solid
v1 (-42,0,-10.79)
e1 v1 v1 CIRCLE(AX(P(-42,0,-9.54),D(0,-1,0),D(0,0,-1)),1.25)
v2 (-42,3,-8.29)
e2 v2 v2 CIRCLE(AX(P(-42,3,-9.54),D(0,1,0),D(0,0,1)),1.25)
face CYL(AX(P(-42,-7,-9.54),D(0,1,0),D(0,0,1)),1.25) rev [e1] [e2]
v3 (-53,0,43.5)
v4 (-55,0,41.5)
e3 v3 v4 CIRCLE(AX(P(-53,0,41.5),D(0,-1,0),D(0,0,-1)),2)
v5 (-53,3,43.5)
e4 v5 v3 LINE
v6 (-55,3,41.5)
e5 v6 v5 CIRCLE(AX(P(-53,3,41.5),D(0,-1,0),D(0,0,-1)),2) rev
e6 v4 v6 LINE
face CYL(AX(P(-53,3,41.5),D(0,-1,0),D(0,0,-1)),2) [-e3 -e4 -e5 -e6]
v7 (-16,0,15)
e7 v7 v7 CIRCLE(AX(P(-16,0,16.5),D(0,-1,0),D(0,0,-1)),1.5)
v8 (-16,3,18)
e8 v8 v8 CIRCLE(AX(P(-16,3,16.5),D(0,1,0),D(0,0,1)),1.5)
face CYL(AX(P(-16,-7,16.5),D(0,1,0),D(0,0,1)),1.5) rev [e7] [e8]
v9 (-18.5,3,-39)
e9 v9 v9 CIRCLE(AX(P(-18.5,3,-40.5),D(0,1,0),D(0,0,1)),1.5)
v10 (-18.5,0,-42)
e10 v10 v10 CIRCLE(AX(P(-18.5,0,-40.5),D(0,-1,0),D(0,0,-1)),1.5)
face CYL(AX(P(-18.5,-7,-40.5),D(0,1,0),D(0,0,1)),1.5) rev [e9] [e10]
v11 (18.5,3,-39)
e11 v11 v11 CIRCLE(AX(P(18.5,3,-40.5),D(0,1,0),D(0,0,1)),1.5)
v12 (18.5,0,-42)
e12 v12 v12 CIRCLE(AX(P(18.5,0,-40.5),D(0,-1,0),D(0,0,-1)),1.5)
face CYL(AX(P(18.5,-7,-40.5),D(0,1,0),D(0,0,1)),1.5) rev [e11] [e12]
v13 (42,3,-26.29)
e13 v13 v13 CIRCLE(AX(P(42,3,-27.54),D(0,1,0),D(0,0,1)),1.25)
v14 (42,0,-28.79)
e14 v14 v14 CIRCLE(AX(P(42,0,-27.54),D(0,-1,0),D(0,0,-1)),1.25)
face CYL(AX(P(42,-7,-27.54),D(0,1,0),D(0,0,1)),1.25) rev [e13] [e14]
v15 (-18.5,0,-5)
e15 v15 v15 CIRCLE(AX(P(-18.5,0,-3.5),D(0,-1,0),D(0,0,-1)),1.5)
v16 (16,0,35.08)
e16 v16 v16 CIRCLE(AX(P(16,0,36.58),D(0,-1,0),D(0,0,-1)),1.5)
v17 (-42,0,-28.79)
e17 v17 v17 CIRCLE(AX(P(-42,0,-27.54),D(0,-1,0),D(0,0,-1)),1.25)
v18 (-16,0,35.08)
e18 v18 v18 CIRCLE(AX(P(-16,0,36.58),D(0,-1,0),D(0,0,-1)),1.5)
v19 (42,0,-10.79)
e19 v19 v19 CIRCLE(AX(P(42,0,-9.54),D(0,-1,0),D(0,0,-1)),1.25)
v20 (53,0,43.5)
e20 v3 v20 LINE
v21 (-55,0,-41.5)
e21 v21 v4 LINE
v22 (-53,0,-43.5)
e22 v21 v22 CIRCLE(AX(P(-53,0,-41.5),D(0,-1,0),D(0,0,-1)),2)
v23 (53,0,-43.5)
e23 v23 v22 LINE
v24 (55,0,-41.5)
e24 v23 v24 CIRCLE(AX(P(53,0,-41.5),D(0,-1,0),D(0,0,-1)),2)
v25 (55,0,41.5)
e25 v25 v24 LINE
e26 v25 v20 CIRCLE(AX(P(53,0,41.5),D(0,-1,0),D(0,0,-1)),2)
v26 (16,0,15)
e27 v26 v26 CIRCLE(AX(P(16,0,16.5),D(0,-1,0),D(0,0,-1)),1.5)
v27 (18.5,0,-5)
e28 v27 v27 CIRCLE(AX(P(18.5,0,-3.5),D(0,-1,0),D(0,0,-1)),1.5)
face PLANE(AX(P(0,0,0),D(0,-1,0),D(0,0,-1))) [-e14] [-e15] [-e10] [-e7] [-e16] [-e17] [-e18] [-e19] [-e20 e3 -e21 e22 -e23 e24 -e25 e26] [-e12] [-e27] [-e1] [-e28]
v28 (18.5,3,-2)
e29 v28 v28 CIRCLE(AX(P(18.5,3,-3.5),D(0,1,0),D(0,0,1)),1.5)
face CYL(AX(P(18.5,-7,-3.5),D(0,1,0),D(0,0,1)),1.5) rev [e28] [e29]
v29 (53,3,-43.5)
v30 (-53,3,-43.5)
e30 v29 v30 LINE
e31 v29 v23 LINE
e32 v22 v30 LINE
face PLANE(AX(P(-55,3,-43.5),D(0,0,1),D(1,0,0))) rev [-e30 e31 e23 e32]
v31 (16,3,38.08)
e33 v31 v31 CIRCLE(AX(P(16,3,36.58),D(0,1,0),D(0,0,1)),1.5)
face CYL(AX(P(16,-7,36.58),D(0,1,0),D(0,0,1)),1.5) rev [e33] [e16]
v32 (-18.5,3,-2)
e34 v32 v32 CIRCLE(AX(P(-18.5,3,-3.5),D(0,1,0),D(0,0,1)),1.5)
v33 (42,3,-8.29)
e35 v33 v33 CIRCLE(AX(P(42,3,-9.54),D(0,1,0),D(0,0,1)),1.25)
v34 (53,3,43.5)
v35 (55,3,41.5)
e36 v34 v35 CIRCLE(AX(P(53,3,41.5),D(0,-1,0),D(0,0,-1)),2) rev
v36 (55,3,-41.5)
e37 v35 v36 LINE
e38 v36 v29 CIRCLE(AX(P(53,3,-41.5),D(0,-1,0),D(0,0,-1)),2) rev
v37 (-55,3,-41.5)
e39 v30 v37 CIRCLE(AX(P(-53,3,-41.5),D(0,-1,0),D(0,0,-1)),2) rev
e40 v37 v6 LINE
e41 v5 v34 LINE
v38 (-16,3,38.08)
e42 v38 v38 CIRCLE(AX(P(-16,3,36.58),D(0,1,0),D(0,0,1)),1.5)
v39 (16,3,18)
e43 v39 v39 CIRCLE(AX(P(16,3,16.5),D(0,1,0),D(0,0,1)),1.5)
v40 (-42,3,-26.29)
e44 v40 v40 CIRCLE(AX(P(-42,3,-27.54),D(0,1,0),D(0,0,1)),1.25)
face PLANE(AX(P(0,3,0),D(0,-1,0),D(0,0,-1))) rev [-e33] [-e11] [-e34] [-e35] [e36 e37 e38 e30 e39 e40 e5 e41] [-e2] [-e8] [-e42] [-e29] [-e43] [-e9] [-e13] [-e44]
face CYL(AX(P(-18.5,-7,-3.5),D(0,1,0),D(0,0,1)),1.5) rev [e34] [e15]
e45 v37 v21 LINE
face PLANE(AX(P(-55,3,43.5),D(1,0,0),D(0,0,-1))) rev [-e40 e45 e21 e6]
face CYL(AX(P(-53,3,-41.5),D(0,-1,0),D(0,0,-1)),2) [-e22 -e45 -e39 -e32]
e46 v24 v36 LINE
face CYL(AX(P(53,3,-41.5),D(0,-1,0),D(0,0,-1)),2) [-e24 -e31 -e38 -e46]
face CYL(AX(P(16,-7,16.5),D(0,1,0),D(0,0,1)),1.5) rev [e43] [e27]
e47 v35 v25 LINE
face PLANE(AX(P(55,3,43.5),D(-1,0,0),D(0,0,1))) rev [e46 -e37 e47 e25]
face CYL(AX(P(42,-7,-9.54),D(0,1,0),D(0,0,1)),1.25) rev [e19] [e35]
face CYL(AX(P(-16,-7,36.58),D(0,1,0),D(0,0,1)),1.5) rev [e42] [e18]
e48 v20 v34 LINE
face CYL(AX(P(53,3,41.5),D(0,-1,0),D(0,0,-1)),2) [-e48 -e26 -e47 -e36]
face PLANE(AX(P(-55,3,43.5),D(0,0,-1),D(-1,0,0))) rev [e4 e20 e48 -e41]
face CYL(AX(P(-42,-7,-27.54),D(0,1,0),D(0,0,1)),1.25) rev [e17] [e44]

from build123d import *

# Parameters (mm, degrees)
IZIM1_W                     = 110
IZIM1_H                     = 87
Y_KSEKLIK_EKSTR_ZYON1_DEPTH = 3
RADYUS1_R                   = 2
IZIM2_R                     = 1.5
IZIM2_R_2                   = 1.25
KES_EKSTR_ZYON1_DEPTH       = 10


with BuildPart() as part:
    # Çizim1 → Yükseklik-Ekstrüzyon1 (new body)
    with BuildSketch(Plane(origin=(0, 0, 0), x_dir=(1, 0, 0), z_dir=(0, 1, 0))):
        Rectangle(IZIM1_W, IZIM1_H)
    extrude(amount=Y_KSEKLIK_EKSTR_ZYON1_DEPTH)

    # Radyus1
    radyus1_edges = [part.edges().sort_by_distance(p)[0] for p in [
        (55, 1.5, 43.5),
        (-55, 1.5, 43.5),
        (-55, 1.5, -43.5),
        (55, 1.5, -43.5),
    ]]
    fillet(radyus1_edges, radius=RADYUS1_R)

    # Çizim2 → Kes-Ekstrüzyon1 (cut)
    with BuildSketch(Plane(origin=(0, 3, 0), x_dir=(1, 0, 0), z_dir=(0, 1, 0))):
        with Locations(Location((-18.5, 40.5, 0), (0, 0, 270))):
            Circle(IZIM2_R)
        with Locations(Location((18.5, 40.5, 0), (0, 0, 270))):
            Circle(IZIM2_R)
        with Locations(Location((18.5, 3.5, 0), (0, 0, 270))):
            Circle(IZIM2_R)
        with Locations(Location((-18.5, 3.5, 0), (0, 0, 270))):
            Circle(IZIM2_R)
        with Locations(Location((-42, 27.54, 0), (0, 0, 270))):
            Circle(IZIM2_R_2)
        with Locations(Location((-42, 9.54, 0), (0, 0, 270))):
            Circle(IZIM2_R_2)
        with Locations(Location((42, 27.54, 0), (0, 0, 270))):
            Circle(IZIM2_R_2)
        with Locations(Location((42, 9.54, 0), (0, 0, 270))):
            Circle(IZIM2_R_2)
        with Locations(Location((-16, -36.58, 0), (0, 0, 270))):
            Circle(IZIM2_R)
        with Locations(Location((-16, -16.5, 0), (0, 0, 270))):
            Circle(IZIM2_R)
        with Locations(Location((16, -16.5, 0), (0, 0, 270))):
            Circle(IZIM2_R)
        with Locations(Location((16, -36.58, 0), (0, 0, 270))):
            Circle(IZIM2_R)
    extrude(amount=-KES_EKSTR_ZYON1_DEPTH, mode=Mode.SUBTRACT)


solid = part.part
